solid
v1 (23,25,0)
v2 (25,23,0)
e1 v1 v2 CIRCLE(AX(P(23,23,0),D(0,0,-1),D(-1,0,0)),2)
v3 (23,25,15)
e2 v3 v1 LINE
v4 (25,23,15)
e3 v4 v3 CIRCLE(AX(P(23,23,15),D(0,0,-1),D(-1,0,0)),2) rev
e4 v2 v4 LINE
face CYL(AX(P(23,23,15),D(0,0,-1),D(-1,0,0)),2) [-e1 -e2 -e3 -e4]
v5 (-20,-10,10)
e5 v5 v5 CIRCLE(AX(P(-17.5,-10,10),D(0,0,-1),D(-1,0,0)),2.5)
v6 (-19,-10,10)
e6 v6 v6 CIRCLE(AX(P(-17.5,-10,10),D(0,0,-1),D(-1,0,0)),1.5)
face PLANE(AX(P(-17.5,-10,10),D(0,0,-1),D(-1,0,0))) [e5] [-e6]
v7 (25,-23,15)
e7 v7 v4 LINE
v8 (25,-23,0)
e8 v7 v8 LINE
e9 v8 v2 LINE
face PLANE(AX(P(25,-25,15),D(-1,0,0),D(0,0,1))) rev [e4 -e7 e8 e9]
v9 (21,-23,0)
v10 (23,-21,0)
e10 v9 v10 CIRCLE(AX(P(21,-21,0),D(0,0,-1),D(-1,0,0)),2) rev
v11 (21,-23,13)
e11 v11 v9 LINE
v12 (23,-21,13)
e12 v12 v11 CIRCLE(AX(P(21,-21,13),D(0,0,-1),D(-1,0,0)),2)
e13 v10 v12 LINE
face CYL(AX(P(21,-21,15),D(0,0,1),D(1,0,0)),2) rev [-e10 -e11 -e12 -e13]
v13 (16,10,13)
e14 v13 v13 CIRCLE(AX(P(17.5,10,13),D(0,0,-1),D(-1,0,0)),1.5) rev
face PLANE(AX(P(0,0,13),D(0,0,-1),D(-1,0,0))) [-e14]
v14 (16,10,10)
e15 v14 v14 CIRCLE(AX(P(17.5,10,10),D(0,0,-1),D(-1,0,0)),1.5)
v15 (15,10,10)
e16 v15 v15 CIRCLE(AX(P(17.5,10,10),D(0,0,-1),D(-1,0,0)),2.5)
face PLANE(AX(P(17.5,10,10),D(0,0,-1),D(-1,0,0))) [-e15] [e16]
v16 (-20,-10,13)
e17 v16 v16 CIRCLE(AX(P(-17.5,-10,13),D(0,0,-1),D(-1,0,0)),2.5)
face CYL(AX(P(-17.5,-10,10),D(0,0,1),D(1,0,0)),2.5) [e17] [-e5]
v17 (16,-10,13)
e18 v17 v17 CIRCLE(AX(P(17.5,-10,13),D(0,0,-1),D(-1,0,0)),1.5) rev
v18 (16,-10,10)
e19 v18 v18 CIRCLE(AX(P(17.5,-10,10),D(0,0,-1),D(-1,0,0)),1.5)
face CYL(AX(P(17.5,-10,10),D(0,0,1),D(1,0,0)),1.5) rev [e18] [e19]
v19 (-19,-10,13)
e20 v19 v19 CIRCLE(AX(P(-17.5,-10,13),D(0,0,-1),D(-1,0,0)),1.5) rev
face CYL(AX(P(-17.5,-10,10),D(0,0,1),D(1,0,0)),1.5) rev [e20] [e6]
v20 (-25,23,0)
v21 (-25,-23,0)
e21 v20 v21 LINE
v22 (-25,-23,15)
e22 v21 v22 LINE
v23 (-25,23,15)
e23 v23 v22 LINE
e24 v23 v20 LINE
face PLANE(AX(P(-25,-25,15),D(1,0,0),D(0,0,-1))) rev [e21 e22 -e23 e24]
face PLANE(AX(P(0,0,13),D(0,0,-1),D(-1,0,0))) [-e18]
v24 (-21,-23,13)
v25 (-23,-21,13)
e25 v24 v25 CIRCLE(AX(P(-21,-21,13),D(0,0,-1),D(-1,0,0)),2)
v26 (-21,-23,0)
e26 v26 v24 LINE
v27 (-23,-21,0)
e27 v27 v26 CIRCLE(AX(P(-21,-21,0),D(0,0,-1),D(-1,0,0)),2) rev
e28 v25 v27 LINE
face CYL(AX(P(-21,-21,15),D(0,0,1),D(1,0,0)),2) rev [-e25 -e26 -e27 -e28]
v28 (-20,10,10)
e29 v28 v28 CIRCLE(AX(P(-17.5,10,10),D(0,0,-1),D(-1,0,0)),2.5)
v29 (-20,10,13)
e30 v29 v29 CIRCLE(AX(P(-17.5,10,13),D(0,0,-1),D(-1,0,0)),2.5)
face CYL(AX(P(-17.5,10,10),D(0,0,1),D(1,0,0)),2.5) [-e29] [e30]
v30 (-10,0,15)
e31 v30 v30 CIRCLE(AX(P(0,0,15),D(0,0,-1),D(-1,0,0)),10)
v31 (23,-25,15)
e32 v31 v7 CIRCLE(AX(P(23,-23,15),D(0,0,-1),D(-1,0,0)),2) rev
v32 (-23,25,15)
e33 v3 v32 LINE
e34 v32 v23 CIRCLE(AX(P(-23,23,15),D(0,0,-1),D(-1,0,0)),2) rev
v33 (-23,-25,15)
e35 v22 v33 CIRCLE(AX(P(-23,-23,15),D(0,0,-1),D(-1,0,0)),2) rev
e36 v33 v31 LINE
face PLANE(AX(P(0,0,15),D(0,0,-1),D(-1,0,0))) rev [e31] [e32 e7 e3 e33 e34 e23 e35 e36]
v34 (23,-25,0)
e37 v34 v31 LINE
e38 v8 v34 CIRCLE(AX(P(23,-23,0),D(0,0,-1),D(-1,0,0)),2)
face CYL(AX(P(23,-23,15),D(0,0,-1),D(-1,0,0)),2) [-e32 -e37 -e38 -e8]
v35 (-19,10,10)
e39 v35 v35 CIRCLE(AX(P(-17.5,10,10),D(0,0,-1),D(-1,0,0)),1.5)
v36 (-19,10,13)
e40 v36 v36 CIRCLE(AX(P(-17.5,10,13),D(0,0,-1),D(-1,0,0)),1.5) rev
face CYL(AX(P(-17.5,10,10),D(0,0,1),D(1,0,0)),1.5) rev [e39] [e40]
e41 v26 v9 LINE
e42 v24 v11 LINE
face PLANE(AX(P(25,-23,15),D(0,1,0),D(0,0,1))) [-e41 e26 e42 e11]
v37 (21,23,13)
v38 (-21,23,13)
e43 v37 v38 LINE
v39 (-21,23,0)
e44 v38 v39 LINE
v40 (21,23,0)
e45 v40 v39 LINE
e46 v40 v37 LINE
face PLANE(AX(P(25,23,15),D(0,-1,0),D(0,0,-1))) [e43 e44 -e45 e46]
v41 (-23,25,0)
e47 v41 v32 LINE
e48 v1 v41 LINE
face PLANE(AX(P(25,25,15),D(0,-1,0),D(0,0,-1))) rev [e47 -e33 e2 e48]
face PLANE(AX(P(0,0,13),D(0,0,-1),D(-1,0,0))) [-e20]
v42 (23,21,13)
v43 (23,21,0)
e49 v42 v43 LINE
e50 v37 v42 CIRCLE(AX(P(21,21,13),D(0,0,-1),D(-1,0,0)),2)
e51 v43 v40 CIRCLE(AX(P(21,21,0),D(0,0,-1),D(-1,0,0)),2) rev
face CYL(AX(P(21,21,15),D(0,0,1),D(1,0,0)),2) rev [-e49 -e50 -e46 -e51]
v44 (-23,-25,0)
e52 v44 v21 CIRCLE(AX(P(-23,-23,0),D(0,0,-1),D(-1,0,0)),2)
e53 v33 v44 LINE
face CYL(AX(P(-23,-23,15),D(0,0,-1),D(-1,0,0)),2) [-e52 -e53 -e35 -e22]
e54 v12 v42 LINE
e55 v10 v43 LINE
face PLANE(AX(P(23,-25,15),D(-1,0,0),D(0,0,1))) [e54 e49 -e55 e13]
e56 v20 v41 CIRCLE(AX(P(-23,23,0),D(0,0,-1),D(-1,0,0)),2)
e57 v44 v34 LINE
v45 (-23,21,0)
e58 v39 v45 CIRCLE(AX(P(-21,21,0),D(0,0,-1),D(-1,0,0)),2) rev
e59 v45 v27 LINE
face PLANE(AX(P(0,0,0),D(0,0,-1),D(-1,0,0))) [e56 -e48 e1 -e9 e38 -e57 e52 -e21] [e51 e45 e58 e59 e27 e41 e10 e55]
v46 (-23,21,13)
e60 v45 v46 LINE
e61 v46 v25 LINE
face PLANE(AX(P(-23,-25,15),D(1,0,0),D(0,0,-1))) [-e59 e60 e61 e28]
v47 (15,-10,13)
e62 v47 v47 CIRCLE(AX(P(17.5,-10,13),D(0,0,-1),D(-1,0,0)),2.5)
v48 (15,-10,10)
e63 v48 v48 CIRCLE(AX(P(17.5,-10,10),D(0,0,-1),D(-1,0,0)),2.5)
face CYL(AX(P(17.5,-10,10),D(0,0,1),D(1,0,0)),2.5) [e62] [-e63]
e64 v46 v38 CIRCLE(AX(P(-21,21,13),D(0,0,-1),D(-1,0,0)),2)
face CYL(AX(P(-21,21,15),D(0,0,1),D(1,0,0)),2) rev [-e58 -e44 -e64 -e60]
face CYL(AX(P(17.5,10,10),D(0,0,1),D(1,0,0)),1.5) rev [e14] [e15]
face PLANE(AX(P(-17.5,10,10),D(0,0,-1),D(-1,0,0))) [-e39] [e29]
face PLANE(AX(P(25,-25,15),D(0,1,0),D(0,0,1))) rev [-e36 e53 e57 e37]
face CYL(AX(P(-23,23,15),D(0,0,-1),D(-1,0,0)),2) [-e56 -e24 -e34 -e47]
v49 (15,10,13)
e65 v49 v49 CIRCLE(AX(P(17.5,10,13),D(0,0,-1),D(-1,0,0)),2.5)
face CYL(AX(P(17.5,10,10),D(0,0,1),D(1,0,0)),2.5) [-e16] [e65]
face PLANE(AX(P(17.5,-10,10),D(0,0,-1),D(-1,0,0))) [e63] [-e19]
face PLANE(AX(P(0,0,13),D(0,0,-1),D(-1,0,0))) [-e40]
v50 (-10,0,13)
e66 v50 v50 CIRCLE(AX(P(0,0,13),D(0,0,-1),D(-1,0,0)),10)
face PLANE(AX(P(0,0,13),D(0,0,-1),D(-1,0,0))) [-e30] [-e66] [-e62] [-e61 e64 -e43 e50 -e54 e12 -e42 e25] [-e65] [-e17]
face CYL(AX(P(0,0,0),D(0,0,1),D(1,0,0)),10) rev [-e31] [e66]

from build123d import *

# Parameters (mm, degrees)
SKETCH1_W               = 50
SKETCH1_H               = 50
BOSS_EXTRUDE1_DEPTH     = 15
SHELL2_T                = -2
CUT_EXTRUDE1_DEPTH      = 39.405728739
CUT_EXTRUDE1_DEPTH_BACK = 39.405728739
SKETCH3_R               = 10
FILLET1_R               = 2
FILLET3_R               = 2
SKETCH5_R               = 2.5
SKETCH5_R_2             = 1.5
BOSS_EXTRUDE2_DEPTH     = 3
LPATTERN2_COUNT         = 2
LPATTERN2_PITCH         = 20
LPATTERN2_COUNT_DIR2    = 2
LPATTERN2_PITCH_DIR2    = 35


with BuildPart() as part:
    # Sketch1 → Boss-Extrude1 (new body)
    with BuildSketch(Plane(origin=(0, 0, 0), x_dir=(0, 1, 0), z_dir=(0, 0, 1))):
        Rectangle(SKETCH1_W, SKETCH1_H)
    extrude(amount=BOSS_EXTRUDE1_DEPTH)

    # Shell2
    shell2_openings = [part.faces().sort_by_distance(p)[0] for p in [
        (0, 0, 0),
    ]]
    offset(amount=SHELL2_T, openings=shell2_openings, kind=Kind.INTERSECTION)

    # Sketch3 → Cut-Extrude1 (cut, two sides: drawn at the far end of the back side and taken through both)
    with BuildSketch(Plane.XY.offset(15).offset(-CUT_EXTRUDE1_DEPTH_BACK)):
        with Locations(Location((0, 0, 0), (0, 0, 180))):
            Circle(SKETCH3_R)
    extrude(amount=CUT_EXTRUDE1_DEPTH + CUT_EXTRUDE1_DEPTH_BACK, mode=Mode.SUBTRACT)

    # Fillet1
    fillet1_edges = [part.edges().sort_by_distance(p)[0] for p in [
        (23, 23, 6.5),
        (-23, 23, 6.5),
        (-23, -23, 6.5),
        (23, -23, 6.5),
    ]]
    fillet(fillet1_edges, radius=FILLET1_R)

    # Fillet3
    fillet3_edges = [part.edges().sort_by_distance(p)[0] for p in [
        (25, 25, 7.5),
        (25, -25, 7.5),
        (-25, -25, 7.5),
        (-25, 25, 7.5),
    ]]
    fillet(fillet3_edges, radius=FILLET3_R)

    # Sketch5 → Boss-Extrude2 (add)
    with BuildSketch(Plane(origin=(0, 0, 13), x_dir=(1, 0, 0), z_dir=(0, 0, -1))):
        with Locations(Location((17.5, 10, 0), (0, 0, 180))):
            Circle(SKETCH5_R)
        with Locations(Location((17.5, 10, 0), (0, 0, 180))):
            Circle(SKETCH5_R_2, mode=Mode.SUBTRACT)
    boss_extrude2 = extrude(amount=BOSS_EXTRUDE2_DEPTH)

    # LPattern2: Boss-Extrude2 2 × 2
    with Locations(*[(-j * LPATTERN2_PITCH_DIR2, i * LPATTERN2_PITCH, 0) for i in range(LPATTERN2_COUNT) for j in range(LPATTERN2_COUNT_DIR2) if (i, j) != (0, 0)]):
        add(boss_extrude2)


solid = part.part
